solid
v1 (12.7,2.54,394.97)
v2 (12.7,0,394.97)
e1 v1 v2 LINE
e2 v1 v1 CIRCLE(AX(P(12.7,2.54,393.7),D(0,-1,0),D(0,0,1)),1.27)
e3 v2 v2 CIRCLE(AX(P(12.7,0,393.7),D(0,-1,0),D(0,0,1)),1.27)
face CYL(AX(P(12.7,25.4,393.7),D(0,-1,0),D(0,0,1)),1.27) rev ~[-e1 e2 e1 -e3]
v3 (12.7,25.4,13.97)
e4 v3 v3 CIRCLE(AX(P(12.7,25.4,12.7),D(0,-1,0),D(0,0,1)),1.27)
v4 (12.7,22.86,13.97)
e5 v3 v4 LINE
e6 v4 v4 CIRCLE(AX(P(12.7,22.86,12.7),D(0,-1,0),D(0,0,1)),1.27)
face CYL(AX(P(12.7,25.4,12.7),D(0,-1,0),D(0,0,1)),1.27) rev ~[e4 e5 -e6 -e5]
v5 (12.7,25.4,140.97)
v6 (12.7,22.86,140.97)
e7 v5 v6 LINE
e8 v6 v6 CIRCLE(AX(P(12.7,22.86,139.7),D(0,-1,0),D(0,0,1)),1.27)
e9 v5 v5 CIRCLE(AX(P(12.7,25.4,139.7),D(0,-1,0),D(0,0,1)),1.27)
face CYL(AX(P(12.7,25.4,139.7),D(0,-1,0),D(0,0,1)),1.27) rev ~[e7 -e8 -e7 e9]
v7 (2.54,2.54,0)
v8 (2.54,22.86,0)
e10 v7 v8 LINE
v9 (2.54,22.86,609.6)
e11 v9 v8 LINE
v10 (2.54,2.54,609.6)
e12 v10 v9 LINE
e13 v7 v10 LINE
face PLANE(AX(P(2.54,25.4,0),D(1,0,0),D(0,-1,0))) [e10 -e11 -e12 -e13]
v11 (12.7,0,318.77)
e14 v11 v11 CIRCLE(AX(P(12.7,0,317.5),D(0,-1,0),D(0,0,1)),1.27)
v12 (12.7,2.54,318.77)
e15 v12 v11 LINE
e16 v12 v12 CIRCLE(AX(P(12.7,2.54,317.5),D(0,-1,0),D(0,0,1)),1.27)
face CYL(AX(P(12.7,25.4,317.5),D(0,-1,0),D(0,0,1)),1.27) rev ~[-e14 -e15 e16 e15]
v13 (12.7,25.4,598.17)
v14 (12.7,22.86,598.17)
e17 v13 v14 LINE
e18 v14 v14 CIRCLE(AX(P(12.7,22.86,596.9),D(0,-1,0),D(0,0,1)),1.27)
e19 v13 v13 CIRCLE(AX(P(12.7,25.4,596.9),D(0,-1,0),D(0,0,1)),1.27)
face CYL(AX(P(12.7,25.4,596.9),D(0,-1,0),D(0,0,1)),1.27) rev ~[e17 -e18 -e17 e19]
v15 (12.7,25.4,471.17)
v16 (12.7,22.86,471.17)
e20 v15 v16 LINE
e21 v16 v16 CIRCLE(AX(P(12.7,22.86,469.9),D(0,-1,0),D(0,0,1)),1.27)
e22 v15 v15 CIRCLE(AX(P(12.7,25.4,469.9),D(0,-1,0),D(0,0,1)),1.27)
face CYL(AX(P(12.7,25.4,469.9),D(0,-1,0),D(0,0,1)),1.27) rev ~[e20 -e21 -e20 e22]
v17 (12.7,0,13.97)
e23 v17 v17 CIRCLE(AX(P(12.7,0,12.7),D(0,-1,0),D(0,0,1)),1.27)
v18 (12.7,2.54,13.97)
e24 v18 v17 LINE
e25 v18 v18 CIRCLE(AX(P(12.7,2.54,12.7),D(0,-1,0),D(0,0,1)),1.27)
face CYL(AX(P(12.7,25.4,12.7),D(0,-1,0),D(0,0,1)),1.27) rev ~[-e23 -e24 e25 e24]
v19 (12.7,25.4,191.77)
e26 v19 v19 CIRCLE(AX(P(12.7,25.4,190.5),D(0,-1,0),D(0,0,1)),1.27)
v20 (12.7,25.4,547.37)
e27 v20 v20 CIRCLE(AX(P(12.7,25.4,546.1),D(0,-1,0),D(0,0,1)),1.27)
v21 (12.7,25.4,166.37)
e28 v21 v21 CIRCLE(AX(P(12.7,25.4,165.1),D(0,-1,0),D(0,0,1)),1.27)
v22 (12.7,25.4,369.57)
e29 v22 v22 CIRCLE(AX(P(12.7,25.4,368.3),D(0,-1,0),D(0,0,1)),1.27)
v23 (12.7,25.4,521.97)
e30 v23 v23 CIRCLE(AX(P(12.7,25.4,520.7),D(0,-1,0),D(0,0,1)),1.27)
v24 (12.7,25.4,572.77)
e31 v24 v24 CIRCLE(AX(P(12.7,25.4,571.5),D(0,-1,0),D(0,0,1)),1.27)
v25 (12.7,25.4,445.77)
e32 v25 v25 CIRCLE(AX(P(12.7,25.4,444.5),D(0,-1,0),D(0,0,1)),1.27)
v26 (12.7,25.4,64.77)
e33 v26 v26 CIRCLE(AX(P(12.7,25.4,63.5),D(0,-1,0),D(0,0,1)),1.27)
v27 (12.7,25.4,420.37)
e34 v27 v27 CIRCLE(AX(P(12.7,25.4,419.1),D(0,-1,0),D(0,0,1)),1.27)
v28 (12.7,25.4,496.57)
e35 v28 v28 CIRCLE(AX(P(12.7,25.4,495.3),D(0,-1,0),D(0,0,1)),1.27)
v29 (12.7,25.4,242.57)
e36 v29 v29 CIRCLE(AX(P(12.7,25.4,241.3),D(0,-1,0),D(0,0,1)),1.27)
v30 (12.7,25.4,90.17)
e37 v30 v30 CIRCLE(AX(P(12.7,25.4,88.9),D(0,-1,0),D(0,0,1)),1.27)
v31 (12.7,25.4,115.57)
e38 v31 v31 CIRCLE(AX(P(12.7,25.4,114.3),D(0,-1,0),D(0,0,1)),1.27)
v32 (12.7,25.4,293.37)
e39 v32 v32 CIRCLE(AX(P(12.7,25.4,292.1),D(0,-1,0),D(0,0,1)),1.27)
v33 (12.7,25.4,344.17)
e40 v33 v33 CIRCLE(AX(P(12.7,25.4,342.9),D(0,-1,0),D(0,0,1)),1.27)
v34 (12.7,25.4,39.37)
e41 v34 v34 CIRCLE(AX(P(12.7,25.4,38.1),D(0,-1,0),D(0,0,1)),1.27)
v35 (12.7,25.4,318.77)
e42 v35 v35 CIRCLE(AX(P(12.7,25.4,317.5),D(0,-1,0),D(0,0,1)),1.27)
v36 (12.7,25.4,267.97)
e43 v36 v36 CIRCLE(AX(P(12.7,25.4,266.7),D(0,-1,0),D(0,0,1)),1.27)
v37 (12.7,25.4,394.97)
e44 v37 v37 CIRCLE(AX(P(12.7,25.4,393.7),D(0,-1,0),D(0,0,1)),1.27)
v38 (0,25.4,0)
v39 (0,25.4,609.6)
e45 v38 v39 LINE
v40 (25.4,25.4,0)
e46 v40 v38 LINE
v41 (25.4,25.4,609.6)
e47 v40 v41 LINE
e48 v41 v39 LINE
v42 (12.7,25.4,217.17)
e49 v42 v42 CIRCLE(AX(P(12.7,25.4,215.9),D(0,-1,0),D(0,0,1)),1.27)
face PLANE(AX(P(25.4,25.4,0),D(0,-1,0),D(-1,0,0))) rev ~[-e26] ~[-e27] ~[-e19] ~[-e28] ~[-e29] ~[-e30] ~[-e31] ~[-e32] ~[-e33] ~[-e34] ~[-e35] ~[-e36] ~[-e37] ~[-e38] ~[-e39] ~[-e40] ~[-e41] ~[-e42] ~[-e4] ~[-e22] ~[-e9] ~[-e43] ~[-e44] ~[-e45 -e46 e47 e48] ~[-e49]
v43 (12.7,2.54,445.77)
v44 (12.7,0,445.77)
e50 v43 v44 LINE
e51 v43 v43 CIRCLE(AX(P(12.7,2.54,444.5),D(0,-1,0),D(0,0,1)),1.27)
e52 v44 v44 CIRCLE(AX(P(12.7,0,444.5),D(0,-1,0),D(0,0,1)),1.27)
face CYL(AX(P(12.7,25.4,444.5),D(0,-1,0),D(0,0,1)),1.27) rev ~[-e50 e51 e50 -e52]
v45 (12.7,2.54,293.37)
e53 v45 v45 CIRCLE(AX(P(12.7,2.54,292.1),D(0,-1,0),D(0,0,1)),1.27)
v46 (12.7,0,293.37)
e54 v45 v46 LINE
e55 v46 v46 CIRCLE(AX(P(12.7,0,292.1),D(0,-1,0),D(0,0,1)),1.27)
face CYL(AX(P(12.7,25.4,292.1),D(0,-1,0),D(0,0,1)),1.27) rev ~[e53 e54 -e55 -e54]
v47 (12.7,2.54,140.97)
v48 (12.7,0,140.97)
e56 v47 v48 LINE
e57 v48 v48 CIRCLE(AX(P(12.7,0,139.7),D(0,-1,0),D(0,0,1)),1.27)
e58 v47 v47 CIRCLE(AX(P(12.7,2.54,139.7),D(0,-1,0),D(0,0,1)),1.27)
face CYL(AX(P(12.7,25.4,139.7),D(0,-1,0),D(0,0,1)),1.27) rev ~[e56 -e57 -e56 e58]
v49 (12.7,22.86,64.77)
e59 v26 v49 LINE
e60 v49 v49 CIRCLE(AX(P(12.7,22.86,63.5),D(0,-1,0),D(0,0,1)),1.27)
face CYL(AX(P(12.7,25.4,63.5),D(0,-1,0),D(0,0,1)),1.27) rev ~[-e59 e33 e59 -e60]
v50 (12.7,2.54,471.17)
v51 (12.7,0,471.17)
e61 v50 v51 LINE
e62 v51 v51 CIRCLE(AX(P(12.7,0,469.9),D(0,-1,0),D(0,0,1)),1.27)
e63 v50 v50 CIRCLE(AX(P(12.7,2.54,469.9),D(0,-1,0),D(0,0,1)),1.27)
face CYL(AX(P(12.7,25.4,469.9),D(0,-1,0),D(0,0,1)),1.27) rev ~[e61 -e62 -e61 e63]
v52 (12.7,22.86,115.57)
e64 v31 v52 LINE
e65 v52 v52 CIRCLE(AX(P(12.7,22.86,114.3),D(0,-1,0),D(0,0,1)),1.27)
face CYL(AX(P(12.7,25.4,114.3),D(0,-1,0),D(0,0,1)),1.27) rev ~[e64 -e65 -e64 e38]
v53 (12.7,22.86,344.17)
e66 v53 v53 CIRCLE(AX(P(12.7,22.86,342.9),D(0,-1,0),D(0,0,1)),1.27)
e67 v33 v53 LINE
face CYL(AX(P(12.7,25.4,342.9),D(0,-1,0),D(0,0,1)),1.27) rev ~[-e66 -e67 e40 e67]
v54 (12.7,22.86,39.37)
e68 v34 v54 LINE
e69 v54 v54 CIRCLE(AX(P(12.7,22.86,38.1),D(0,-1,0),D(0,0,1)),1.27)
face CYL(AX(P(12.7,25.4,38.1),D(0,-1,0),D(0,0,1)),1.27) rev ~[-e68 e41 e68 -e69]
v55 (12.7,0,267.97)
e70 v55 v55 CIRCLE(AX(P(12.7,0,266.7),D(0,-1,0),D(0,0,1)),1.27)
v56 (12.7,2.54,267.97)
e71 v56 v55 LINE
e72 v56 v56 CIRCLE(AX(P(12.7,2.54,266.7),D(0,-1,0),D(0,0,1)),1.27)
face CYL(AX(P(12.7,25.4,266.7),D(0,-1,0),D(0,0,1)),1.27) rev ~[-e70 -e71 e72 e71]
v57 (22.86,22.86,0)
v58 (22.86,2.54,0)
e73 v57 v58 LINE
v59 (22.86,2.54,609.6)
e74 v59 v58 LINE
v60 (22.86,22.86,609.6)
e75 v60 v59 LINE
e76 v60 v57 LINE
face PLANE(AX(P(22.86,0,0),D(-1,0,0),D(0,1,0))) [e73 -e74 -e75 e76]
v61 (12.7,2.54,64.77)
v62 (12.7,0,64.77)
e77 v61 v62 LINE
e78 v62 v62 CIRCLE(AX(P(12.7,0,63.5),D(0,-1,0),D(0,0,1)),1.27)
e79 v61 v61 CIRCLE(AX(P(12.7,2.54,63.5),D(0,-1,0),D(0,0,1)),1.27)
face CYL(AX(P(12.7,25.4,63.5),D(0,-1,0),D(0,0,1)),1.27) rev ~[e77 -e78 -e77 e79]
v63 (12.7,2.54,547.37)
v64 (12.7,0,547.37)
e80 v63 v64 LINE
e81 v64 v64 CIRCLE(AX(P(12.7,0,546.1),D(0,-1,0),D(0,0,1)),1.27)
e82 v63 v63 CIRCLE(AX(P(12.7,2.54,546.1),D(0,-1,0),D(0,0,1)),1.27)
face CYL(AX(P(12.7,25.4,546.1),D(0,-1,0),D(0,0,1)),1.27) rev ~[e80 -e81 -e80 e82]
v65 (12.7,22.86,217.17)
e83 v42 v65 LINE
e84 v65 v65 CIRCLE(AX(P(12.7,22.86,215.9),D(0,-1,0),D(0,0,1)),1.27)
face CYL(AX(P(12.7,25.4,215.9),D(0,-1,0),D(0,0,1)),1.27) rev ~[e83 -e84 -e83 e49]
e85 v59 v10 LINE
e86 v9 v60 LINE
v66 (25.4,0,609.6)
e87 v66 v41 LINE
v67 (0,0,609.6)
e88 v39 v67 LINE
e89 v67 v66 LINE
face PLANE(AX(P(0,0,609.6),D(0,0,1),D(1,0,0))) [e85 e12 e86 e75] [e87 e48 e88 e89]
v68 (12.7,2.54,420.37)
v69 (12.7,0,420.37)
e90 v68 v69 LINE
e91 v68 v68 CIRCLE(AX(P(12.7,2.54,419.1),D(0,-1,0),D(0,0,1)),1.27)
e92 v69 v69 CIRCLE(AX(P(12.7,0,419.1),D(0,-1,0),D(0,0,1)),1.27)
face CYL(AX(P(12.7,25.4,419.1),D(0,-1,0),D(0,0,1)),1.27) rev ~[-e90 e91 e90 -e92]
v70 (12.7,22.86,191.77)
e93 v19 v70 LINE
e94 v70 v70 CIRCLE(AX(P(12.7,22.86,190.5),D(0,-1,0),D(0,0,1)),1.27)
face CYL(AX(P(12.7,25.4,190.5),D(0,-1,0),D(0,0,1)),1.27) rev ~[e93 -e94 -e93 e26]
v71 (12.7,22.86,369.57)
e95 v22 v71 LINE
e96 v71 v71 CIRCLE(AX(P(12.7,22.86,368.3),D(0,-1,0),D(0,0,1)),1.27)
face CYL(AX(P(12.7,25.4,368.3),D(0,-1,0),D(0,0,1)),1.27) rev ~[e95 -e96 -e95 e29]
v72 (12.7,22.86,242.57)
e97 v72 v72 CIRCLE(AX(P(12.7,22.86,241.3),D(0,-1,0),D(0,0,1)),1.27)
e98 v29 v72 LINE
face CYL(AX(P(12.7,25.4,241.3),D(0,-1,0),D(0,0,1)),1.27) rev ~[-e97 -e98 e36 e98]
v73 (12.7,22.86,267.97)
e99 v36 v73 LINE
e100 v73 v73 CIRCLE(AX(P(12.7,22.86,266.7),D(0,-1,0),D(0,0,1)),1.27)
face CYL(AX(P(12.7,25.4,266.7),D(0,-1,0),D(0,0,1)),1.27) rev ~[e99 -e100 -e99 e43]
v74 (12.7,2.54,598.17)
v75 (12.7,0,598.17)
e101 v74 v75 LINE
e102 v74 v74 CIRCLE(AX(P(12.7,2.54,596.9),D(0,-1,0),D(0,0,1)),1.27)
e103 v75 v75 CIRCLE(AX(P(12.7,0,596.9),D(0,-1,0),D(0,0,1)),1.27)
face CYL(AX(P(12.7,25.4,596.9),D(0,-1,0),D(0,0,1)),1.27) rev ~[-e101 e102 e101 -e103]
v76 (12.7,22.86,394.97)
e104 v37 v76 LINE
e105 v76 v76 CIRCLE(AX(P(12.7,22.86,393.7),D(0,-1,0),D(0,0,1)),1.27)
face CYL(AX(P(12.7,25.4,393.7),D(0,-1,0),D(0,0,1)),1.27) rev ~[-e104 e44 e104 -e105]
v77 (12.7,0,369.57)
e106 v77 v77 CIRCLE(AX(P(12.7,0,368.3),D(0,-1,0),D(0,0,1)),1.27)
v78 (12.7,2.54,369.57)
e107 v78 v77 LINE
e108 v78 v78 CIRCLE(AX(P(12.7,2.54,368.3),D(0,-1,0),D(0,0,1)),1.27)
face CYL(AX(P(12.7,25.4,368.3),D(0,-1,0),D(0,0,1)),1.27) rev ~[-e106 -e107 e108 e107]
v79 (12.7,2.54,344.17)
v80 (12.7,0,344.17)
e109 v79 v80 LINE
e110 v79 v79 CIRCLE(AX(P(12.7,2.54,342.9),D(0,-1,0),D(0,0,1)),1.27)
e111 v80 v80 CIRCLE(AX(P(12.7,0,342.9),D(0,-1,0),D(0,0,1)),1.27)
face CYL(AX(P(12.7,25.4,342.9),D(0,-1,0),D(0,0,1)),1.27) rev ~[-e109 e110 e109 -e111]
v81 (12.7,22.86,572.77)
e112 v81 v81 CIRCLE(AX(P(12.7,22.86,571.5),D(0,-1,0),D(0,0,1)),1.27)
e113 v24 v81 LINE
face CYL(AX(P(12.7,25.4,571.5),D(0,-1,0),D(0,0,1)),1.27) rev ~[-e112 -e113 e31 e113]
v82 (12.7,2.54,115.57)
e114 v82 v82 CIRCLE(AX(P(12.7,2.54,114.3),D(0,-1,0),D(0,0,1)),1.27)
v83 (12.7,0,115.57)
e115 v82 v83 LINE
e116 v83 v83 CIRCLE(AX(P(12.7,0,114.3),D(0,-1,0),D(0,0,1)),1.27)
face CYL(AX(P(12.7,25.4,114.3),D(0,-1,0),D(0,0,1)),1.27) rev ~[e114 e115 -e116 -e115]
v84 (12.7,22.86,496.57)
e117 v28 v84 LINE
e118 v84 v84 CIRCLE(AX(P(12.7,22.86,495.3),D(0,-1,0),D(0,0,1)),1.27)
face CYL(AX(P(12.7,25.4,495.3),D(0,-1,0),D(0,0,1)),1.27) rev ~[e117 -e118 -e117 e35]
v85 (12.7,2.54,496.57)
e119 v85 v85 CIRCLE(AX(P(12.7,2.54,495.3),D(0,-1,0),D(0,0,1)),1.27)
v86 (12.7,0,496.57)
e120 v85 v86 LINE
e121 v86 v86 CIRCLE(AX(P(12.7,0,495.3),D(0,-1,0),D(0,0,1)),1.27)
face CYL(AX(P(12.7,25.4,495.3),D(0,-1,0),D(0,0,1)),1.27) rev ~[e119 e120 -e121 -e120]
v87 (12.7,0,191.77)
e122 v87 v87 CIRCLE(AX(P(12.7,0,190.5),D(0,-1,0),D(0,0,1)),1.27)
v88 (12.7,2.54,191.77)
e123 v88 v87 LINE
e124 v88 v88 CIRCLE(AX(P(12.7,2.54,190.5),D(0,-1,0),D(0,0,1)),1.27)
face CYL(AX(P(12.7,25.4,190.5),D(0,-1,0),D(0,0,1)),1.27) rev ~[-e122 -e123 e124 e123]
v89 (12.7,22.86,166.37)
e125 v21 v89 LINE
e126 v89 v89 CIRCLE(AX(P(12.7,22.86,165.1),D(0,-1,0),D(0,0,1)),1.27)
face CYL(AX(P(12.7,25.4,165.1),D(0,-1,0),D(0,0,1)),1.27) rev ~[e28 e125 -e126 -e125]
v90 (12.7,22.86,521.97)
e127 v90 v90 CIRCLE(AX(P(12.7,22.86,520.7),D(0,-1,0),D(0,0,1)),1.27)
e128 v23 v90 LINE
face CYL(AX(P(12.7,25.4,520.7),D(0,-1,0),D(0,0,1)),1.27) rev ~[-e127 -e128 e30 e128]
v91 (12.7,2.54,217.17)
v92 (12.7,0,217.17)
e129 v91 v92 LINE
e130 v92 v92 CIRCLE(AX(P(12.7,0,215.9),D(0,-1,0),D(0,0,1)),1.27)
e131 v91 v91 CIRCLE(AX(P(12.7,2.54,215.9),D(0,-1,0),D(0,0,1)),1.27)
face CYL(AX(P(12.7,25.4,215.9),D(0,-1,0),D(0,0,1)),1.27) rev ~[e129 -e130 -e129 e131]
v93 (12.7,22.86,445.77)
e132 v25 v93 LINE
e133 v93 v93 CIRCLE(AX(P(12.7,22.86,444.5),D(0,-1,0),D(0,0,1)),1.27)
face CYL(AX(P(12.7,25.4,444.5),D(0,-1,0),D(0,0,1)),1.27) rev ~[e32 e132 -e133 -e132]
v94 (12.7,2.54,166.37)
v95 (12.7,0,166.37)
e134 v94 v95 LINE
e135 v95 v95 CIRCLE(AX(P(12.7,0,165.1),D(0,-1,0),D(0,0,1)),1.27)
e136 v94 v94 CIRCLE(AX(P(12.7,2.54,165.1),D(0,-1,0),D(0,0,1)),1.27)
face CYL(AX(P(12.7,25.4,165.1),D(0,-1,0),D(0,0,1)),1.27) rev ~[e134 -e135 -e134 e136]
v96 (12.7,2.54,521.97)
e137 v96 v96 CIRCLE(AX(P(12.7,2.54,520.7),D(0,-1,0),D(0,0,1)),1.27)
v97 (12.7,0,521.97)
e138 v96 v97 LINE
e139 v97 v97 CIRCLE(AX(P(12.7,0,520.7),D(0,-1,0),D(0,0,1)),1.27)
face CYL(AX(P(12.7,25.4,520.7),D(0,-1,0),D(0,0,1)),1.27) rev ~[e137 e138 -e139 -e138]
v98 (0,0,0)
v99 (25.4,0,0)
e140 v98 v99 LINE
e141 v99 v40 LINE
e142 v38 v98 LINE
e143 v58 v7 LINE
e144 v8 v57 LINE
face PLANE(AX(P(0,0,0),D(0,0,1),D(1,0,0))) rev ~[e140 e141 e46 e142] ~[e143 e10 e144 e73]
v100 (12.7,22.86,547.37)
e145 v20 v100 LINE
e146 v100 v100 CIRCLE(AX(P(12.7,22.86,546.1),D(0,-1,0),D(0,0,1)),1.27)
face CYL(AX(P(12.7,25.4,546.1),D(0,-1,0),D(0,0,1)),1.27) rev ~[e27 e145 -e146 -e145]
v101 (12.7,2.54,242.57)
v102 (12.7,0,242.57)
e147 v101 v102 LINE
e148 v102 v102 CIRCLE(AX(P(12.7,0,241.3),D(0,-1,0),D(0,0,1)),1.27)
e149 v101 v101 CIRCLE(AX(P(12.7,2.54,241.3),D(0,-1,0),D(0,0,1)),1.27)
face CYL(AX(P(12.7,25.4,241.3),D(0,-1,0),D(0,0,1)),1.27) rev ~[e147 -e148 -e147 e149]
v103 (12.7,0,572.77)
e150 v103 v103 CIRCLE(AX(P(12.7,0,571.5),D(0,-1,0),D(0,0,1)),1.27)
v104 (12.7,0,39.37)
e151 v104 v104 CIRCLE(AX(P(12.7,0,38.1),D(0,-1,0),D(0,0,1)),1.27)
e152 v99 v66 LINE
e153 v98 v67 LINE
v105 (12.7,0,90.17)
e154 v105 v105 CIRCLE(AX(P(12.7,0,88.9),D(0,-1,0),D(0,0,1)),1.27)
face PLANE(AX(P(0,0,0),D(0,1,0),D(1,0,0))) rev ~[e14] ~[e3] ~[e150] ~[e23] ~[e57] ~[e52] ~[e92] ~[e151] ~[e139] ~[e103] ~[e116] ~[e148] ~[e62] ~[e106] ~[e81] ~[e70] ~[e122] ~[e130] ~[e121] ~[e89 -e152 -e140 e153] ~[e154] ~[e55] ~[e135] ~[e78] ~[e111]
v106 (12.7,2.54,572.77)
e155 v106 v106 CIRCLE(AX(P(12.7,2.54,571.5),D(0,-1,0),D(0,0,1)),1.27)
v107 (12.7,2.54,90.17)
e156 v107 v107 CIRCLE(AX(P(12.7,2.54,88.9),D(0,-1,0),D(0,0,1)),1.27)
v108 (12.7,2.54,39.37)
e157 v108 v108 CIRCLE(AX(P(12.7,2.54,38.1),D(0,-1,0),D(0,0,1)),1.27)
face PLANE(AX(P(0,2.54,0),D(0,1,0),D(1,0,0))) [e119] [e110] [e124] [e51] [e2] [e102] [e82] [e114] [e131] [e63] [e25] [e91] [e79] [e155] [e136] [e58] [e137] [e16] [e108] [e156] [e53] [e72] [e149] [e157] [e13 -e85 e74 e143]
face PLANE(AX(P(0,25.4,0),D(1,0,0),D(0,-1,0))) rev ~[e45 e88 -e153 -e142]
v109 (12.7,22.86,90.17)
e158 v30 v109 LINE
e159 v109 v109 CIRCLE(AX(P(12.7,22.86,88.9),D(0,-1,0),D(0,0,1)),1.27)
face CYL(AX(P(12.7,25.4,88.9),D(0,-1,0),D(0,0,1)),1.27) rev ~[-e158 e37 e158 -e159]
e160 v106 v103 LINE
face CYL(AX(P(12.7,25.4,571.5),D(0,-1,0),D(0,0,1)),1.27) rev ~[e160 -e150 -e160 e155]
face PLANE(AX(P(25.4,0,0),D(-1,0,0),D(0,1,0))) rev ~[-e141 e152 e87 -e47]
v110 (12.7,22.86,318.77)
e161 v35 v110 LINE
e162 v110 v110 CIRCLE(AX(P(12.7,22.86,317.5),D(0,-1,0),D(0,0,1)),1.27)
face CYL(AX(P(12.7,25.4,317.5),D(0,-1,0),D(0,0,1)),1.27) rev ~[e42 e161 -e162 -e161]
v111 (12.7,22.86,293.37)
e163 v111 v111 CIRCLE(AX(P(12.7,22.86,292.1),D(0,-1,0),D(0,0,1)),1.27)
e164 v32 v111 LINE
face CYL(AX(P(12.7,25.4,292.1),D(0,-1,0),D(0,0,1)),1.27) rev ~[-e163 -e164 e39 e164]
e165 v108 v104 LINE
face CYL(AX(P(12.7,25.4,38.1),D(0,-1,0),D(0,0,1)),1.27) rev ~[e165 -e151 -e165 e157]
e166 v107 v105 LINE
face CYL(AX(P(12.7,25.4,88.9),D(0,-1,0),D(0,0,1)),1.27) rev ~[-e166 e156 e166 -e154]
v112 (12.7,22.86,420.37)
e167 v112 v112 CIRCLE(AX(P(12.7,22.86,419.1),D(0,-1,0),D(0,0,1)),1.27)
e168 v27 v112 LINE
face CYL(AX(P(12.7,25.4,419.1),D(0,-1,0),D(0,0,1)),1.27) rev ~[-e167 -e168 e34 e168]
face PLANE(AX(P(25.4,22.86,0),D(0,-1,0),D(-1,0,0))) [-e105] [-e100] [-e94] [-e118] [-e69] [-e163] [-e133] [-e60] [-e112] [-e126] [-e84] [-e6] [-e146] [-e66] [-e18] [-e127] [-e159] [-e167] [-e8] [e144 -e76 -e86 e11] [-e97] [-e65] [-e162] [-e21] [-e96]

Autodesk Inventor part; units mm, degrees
ref_plane "YZ Plane" through (0, 0, 0) normal (1, 0, 0) x (0, 1, 0)
ref_plane "XZ Plane" through (0, 0, 0) normal (0, 1, 0) x (-1, 0, 0)
ref_plane "XY Plane" through (0, 0, 0) normal (0, 0, 1) x (1, 0, 0)
sketch "Sketch1" plane through (0, 0, 0) normal (0, 0, 1) x (1, 0, 0)
  line L0 (0, 0) -> (25.4, 0)
  line L1 (25.4, 0) -> (25.4, 25.4)
  line L2 (25.4, 25.4) -> (0, 25.4)
  line L3 (0, 25.4) -> (0, 0)
  dimension "d0" = 25.4
  dimension "d1" = 25.4
extrude "Extrusion1" add sketch "Sketch1" along normal blind 609.6
shell "Shell1" thickness 2.54 removed faces 2 at (8.4667, 16.9333, 0) at (8.4667, 16.9333, 609.6)
sketch "Sketch2" plane through (0, 25.4, 0) normal (0, 1, 0) x (1, 0, 0)
  line L0 (25.4, 0) -> (0, 0) projected
  line L1 (0, 0) -> (0, -609.6) projected
  point P0 (12.7, -12.7)
  point P1 (12.7, -38.1)
  point P2 (12.7, -63.5)
  point P3 (12.7, -88.9)
  point P4 (12.7, -114.3)
  point P5 (12.7, -139.7)
  point P6 (12.7, -165.1)
  point P7 (12.7, -190.5)
  point P8 (12.7, -215.9)
  point P9 (12.7, -241.3)
  point P10 (12.7, -266.7)
  point P11 (12.7, -292.1)
  point P12 (12.7, -317.5)
  point P13 (12.7, -342.9)
  point P14 (12.7, -368.3)
  point P15 (12.7, -393.7)
  point P16 (12.7, -419.1)
  point P17 (12.7, -444.5)
  point P18 (12.7, -469.9)
  point P19 (12.7, -495.3)
  point P20 (12.7, -520.7)
  point P21 (12.7, -546.1)
  point P22 (12.7, -571.5)
  point P23 (12.7, -596.9)
  point P24 (12.7, -622.3)
  point P25 (12.7, -647.7)
  point P26 (12.7, -673.1)
  point P27 (12.7, -698.5)
  point P28 (12.7, -723.9)
  point P29 (12.7, -749.3)
  point P30 (12.7, -774.7)
  point P31 (12.7, -800.1)
  point P32 (12.7, -825.5)
  point P33 (12.7, -850.9)
  point P34 (12.7, -876.3)
  point P35 (12.7, -901.7)
  point P36 (12.7, -927.1)
  dimension "d5" = 12.7
  dimension "d6" = 12.7
  dimension "d9" = 25.4
hole "Hole1" at (12.7, 25.4, 12.7) at (12.7, 25.4, 38.1) at (12.7, 25.4, 63.5) at (12.7, 25.4, 88.9) at (12.7, 25.4, 114.3) at (12.7, 25.4, 139.7) at (12.7, 25.4, 165.1) at (12.7, 25.4, 190.5) at (12.7, 25.4, 215.9) at (12.7, 25.4, 241.3) at (12.7, 25.4, 266.7) at (12.7, 25.4, 292.1) at (12.7, 25.4, 317.5) at (12.7, 25.4, 342.9) at (12.7, 25.4, 368.3) at (12.7, 25.4, 393.7) at (12.7, 25.4, 419.1) at (12.7, 25.4, 444.5) at (12.7, 25.4, 469.9) at (12.7, 25.4, 495.3) at (12.7, 25.4, 520.7) at (12.7, 25.4, 546.1) at (12.7, 25.4, 571.5) at (12.7, 25.4, 596.9) at (12.7, 25.4, 622.3) at (12.7, 25.4, 647.7) at (12.7, 25.4, 673.1) at (12.7, 25.4, 698.5) at (12.7, 25.4, 723.9) at (12.7, 25.4, 749.3) at (12.7, 25.4, 774.7) at (12.7, 25.4, 800.1) at (12.7, 25.4, 825.5) at (12.7, 25.4, 850.9) at (12.7, 25.4, 876.3) at (12.7, 25.4, 901.7) direction (0, -1, 0) diameter 2.54 depth 50.8 tip angle 118
properties part number "Electric Board Upright" material "Aluminum 6061"
